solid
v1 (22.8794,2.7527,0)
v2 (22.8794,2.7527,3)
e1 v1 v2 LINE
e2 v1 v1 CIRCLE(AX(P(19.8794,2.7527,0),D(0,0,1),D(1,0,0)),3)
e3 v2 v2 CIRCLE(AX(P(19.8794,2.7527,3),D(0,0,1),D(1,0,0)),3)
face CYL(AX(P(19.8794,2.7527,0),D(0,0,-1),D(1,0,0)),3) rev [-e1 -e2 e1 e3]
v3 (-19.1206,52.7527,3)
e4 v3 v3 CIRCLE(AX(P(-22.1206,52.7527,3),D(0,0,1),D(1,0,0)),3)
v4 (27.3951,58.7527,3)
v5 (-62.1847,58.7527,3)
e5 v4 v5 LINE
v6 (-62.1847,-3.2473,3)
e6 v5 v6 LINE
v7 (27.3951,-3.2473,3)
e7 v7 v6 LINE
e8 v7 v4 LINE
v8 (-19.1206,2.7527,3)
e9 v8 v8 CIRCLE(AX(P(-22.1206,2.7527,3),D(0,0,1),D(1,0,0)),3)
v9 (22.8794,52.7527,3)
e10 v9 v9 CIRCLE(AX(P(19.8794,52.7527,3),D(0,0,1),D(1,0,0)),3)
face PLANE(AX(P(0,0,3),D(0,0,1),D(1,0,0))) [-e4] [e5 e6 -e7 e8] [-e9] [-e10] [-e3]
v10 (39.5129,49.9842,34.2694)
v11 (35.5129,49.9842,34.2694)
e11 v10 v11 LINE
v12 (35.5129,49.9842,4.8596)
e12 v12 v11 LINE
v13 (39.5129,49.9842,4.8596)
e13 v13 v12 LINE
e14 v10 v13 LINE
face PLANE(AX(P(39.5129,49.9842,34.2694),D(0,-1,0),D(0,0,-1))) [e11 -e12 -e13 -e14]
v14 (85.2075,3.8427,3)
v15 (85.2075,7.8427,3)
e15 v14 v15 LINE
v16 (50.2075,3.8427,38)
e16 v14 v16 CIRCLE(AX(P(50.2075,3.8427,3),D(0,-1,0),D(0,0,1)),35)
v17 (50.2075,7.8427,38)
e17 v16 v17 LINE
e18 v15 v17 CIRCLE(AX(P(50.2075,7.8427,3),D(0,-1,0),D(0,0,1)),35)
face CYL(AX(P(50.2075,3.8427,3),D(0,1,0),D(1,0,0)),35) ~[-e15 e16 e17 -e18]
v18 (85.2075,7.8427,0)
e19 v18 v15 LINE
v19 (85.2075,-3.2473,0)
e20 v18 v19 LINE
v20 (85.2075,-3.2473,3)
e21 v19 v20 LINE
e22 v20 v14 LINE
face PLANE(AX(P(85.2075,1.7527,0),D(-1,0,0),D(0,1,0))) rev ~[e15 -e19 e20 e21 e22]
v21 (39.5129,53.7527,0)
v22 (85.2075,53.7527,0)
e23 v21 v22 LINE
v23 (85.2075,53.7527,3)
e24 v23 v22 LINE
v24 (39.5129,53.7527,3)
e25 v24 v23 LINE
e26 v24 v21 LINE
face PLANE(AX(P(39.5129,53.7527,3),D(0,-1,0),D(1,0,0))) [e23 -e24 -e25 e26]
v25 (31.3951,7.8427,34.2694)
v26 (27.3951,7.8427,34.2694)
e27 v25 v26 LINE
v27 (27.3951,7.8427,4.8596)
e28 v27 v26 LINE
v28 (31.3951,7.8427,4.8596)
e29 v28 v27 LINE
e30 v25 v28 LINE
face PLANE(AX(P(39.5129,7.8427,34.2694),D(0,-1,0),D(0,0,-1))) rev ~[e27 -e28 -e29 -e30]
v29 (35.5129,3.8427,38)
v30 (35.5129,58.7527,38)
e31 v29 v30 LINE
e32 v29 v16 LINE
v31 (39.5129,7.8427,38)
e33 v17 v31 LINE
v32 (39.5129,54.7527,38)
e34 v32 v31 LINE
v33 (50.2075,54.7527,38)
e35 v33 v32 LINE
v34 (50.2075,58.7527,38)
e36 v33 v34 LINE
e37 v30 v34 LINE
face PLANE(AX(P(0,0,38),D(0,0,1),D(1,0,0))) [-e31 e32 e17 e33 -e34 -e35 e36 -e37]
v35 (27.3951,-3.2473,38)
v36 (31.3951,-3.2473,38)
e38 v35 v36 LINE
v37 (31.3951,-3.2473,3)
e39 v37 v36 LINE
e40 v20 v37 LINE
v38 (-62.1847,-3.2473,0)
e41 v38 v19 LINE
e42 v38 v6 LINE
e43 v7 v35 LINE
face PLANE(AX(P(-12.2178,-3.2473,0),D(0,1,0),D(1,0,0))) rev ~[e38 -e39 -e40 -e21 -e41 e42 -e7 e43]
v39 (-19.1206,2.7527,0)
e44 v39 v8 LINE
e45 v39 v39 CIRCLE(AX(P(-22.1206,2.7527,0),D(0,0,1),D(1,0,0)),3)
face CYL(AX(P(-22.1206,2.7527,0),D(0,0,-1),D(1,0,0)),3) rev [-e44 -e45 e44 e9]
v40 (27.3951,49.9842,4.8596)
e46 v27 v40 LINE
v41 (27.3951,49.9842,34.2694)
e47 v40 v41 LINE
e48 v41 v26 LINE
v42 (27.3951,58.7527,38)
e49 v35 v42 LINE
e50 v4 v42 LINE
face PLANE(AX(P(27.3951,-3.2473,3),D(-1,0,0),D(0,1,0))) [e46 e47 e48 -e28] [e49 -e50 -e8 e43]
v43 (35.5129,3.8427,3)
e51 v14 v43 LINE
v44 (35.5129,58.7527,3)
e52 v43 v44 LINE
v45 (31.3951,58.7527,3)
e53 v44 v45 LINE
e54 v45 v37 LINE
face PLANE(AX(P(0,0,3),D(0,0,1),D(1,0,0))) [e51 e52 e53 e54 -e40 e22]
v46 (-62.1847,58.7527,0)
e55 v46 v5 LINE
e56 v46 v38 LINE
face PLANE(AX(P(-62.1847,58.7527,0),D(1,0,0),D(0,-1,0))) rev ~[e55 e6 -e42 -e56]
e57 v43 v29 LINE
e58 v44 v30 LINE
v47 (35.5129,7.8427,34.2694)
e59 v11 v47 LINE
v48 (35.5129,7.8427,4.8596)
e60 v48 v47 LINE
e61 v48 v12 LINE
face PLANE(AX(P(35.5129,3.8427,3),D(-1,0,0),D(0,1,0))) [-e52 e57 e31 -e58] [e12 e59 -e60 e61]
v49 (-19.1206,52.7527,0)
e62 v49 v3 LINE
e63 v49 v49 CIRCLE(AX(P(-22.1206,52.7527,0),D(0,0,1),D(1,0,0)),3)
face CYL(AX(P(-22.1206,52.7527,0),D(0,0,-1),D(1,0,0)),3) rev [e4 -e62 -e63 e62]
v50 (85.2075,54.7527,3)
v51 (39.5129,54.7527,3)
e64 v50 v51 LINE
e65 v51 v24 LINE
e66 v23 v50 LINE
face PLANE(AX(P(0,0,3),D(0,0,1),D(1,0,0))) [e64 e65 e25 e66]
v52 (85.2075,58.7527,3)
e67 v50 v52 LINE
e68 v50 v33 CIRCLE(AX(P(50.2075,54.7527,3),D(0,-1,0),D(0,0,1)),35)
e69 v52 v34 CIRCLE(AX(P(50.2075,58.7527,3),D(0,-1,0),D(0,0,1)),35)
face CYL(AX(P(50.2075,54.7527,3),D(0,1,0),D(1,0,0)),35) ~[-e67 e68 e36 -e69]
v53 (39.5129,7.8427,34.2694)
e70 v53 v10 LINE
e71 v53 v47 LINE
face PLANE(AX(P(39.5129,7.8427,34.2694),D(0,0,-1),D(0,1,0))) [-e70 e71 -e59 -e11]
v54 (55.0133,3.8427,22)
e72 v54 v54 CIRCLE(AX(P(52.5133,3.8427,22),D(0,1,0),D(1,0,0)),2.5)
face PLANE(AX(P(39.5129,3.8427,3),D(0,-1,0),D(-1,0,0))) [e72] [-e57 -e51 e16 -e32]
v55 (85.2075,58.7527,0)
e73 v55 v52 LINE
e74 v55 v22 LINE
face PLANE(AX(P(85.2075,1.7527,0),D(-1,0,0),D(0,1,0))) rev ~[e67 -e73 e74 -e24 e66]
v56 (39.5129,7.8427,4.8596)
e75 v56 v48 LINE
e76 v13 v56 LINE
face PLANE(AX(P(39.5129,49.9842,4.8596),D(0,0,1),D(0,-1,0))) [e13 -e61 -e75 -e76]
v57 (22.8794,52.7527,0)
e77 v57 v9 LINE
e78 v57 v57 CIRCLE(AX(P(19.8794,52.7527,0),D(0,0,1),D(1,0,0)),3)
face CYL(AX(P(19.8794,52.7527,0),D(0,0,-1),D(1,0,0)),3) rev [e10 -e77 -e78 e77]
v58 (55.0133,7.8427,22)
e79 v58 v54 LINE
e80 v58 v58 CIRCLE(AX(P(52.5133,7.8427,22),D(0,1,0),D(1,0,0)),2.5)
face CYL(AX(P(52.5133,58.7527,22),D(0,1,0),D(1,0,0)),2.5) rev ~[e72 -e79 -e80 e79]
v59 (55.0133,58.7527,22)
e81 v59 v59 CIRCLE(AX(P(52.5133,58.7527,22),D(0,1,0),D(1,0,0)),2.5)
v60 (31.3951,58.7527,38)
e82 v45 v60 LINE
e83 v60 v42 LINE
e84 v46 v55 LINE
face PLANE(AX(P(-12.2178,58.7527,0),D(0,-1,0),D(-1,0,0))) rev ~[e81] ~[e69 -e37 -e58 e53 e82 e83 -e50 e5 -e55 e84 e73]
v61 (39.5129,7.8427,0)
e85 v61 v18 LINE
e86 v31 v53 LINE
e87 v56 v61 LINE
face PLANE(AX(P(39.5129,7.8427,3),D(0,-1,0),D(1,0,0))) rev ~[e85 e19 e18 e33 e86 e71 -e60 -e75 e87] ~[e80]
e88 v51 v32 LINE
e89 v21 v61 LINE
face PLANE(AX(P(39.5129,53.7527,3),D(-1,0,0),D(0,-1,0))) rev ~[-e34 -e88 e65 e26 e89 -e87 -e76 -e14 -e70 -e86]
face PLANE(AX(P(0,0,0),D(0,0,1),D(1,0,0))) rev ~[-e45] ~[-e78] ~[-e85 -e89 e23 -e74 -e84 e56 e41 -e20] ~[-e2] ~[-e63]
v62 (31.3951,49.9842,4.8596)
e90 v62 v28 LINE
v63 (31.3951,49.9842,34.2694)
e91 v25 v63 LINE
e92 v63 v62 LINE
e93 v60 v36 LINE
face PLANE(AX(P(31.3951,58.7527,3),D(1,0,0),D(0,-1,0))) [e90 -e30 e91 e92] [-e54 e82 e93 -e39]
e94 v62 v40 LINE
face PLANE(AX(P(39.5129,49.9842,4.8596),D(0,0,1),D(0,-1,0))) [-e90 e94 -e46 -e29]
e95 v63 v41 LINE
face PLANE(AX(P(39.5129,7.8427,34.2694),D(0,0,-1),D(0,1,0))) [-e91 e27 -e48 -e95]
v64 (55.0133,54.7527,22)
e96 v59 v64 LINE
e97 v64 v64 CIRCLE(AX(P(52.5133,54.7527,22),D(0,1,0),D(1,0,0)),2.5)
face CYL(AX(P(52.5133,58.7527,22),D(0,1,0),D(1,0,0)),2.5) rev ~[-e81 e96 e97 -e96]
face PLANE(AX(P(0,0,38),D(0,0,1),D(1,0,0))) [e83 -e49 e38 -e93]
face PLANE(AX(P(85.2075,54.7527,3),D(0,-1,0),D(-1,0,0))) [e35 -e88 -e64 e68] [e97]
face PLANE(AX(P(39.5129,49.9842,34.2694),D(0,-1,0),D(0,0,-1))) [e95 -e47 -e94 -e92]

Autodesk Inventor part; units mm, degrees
ref_plane "YZ Plane" through (0, 0, 0) normal (1, 0, 0) x (0, 1, 0)
ref_plane "XZ Plane" through (0, 0, 0) normal (0, 1, 0) x (-1, 0, 0)
ref_plane "XY Plane" through (0, 0, 0) normal (0, 0, 1) x (1, 0, 0)
sketch "Skizze1" plane through (0, 0, 0) normal (0, 0, 1) x (1, 0, 0)
  arc A0 (-10.0563, 3.3011) -> (-12.2178, -3.2473) centre (-1.2178, -3.2473) ccw projected
  line L0 (-12.2178, -3.2473) -> (9.7822, -3.2473) projected
  arc A1 (9.7822, -3.2473) -> (7.6207, 3.3011) centre (-1.2178, -3.2473) ccw projected
  arc A2 (-3.7041, 1.8719) -> (7.6207, 3.3011) centre (-1.2178, 27.7527) ccw projected
  line L1 (-3.7041, 1.8719) -> (-4.2446, 1.7527) projected
  line L2 (-4.2446, 1.7527) -> (-4.7816, 1.7527) projected
  line L3 (-4.7816, 1.7527) -> (-6.4898, 2.2928) projected
  arc A3 (-10.0563, 3.3011) -> (-6.4898, 2.2928) centre (-1.2178, 27.7527) ccw projected
  arc A4 (-12.2178, 58.7527) -> (-10.0563, 52.2043) centre (-1.2178, 58.7527) ccw projected
  arc A5 (7.6207, 52.2043) -> (-10.0563, 52.2043) centre (-1.2178, 27.7527) ccw projected
  arc A6 (7.6207, 52.2043) -> (9.7822, 58.7527) centre (-1.2178, 58.7527) ccw projected
  line L4 (9.7822, 58.7527) -> (-12.2178, 58.7527) projected
  line L5 (85.2075, 58.7527) -> (80.2075, 58.7527) projected
  line L6 (80.2075, 58.7527) -> (80.2075, 53.7527) projected
  line L7 (80.2075, 53.7527) -> (85.2075, 53.7527) projected
  line L8 (85.2075, 53.7527) -> (85.2075, 58.7527) projected
  line L9 (85.2075, -3.2473) -> (85.2075, 1.7527) projected
  line L10 (85.2075, 1.7527) -> (80.2075, 1.7527) projected
  line L11 (80.2075, 1.7527) -> (80.2075, -3.2473) projected
  line L12 (80.2075, -3.2473) -> (85.2075, -3.2473) projected
  circle A7 centre (19.8794, 52.7527) radius 3 projected
  circle A8 centre (19.8794, 2.7527) radius 3 projected
  circle A9 centre (-22.1206, 2.7527) radius 3 projected
  circle A10 centre (-22.1206, 52.7527) radius 3 projected
  line L13 (85.2075, 58.7527) -> (-62.1847, 58.7527)
  line L14 (-62.1847, 58.7527) -> (-62.1847, -3.2473)
  line L15 (-62.1847, -3.2473) -> (85.2075, -3.2473)
  line L16 (85.2075, -3.2473) -> (85.2075, 58.7527)
  point P0 (0, 0)
extrude "Extrusion1" add sketch "Skizze1" along normal blind 3
sketch "Skizze2" plane through (0, 0, 3) normal (0, 0, 1) x (1, 0, 0)
  circle A0 centre (-3.1206, 27.7527) radius 15 projected
  line L0 (85.2075, 58.7527) -> (-62.1847, 58.7527) projected
  line L1 (-62.1847, -3.2473) -> (85.2075, -3.2473) projected
  line L2 (27.3951, 58.7527) -> (31.3951, 58.7527)
  line L3 (31.3951, 58.7527) -> (31.3951, -3.2473)
  line L4 (31.3951, -3.2473) -> (27.3951, -3.2473)
  line L5 (27.3951, -3.2473) -> (27.3951, 58.7527)
  line L6 (35.5129, 58.7527) -> (39.5129, 58.7527)
  line L7 (39.5129, 58.7527) -> (39.5129, 3.8427)
  line L8 (39.5129, 3.8427) -> (35.5129, 3.8427)
  line L9 (35.5129, 3.8427) -> (35.5129, 58.7527)
  line L10 (85.2075, -3.2473) -> (85.2075, 58.7527) projected
  line L11 (39.5129, 3.8427) -> (85.2075, 3.8427)
  line L12 (85.2075, 3.8427) -> (85.2075, 7.8427)
  line L13 (85.2075, 7.8427) -> (39.5129, 7.8427)
  line L14 (39.5129, 7.8427) -> (39.5129, 3.8427)
  line L15 (39.5129, 58.7527) -> (85.2075, 58.7527)
  line L16 (85.2075, 58.7527) -> (85.2075, 54.7527)
  line L17 (85.2075, 54.7527) -> (39.5129, 54.7527)
  line L18 (39.5129, 54.7527) -> (39.5129, 58.7527)
  point P0 (0, 0)
  dimension "d2" = 4
  dimension "d3" = 4
  dimension "d4" = 45.6946
  dimension "d5" = 4
  dimension "d12" = 45.6946
  dimension "d13" = 4
extrude "Extrusion2" add sketch "Skizze2" along normal blind 35 contours L10 L17 L7 L0 | L7 L8 L9 L0 | L10 L11 L7 L13 | L3 L1 L5 L0
sketch "Skizze3" plane through (0, 0, 3) normal (0, 0, 1) x (1, 0, 0)
  line L0 (39.5129, 54.7527) -> (39.5129, 7.8427) projected
  line L1 (39.5129, 7.8427) -> (85.2075, 7.8427) projected
  line L2 (85.2075, 7.8427) -> (85.2075, 54.7527) projected
  line L3 (35.5129, 58.7527) -> (31.3951, 58.7527) projected
  line L4 (27.7822, 53.7527) -> (85.2075, 53.7527) projected
  line L5 (39.5129, 7.8427) -> (85.2075, 7.8427)
  line L6 (85.2075, 7.8427) -> (85.2075, 53.7527)
  line L7 (85.2075, 53.7527) -> (39.5129, 53.7527)
  line L8 (39.5129, 53.7527) -> (39.5129, 7.8427)
  line L9 (35.5129, 3.8427) -> (35.5129, 58.7527) projected
  line L10 (31.3951, 58.7527) -> (31.3951, -3.2473) projected
  line L11 (31.3951, -3.2473) -> (85.2075, -3.2473) projected
  line L12 (85.2075, -3.2473) -> (85.2075, 3.8427) projected
  line L13 (85.2075, 3.8427) -> (35.5129, 3.8427) projected
  line L14 (85.2075, 54.7527) -> (39.5129, 54.7527) projected
  line L15 (27.3951, -3.2473) -> (27.3951, 58.7527) projected
  line L16 (27.3951, 58.7527) -> (-62.1847, 58.7527) projected
  line L17 (-62.1847, 58.7527) -> (-62.1847, -3.2473) projected
  line L18 (-62.1847, -3.2473) -> (27.3951, -3.2473) projected
  point P0 (0, 0)
extrude "Extrusion3" cut sketch "Skizze3" against normal blind 35 contours L4 L2 L1 L0
sketch "Skizze4" plane through (39.5129, 7.8427, 38) normal (1, 0, 0) x (0, 0, -1)
  line L0 (0, 0) -> (38, 0) projected
  line L1 (38, 45.91) -> (38, 0) projected
  line L2 (35, 45.91) -> (38, 45.91) projected
  line L3 (35, 46.91) -> (35, 45.91) projected
  line L4 (0, 0) -> (0, 46.91) projected
  line L5 (0, 0) -> (38, 0) projected
  line L6 (33.1404, 0) -> (3.7306, 0)
  line L7 (3.7306, 0) -> (3.7306, 42.1415)
  line L8 (3.7306, 42.1415) -> (33.1404, 42.1415)
  line L9 (33.1404, 42.1415) -> (33.1404, 0)
  line L10 (35, 46.91) -> (0, 46.91) projected
  point P0 (38, -7.8427)
extrude "Extrusion4" cut sketch "Skizze4" against normal blind 35 contours L7 L8 L9 L0
fillet "Rundung1" radius 35 2 edges at (85.2075, 5.8427, 38) (85.2075, 56.7527, 38)
sketch "Skizze5" plane through (-62.1847, 58.7527, 0) normal (0, 1, 0) x (1, 0, 0)
  arc A0 (112.3922, -38) -> (147.3922, -3) centre (112.3922, -3) ccw projected
  line L0 (147.3922, 0) -> (147.3922, -3) projected
  line L1 (147.3922, 0) -> (0, 0) projected
  line L2 (0, 0) -> (0, -3) projected
  line L3 (89.5798, -3) -> (0, -3) projected
  line L4 (89.5798, -3) -> (89.5798, -38) projected
  line L5 (93.5798, -38) -> (89.5798, -38) projected
  line L6 (93.5798, -3) -> (93.5798, -38) projected
  line L7 (97.6976, -3) -> (93.5798, -3) projected
  line L8 (97.6976, -3) -> (97.6976, -38) projected
  line L9 (112.3922, -38) -> (97.6976, -38) projected
  circle A1 centre (114.698, -22) radius 2.5
  point P0 (62.1847, 0)
  dimension "d15" = 5
extrude "Extrusion5" cut sketch "Skizze5" against normal through all contours A1
properties part number "13_Zwischenebene_LCD"
